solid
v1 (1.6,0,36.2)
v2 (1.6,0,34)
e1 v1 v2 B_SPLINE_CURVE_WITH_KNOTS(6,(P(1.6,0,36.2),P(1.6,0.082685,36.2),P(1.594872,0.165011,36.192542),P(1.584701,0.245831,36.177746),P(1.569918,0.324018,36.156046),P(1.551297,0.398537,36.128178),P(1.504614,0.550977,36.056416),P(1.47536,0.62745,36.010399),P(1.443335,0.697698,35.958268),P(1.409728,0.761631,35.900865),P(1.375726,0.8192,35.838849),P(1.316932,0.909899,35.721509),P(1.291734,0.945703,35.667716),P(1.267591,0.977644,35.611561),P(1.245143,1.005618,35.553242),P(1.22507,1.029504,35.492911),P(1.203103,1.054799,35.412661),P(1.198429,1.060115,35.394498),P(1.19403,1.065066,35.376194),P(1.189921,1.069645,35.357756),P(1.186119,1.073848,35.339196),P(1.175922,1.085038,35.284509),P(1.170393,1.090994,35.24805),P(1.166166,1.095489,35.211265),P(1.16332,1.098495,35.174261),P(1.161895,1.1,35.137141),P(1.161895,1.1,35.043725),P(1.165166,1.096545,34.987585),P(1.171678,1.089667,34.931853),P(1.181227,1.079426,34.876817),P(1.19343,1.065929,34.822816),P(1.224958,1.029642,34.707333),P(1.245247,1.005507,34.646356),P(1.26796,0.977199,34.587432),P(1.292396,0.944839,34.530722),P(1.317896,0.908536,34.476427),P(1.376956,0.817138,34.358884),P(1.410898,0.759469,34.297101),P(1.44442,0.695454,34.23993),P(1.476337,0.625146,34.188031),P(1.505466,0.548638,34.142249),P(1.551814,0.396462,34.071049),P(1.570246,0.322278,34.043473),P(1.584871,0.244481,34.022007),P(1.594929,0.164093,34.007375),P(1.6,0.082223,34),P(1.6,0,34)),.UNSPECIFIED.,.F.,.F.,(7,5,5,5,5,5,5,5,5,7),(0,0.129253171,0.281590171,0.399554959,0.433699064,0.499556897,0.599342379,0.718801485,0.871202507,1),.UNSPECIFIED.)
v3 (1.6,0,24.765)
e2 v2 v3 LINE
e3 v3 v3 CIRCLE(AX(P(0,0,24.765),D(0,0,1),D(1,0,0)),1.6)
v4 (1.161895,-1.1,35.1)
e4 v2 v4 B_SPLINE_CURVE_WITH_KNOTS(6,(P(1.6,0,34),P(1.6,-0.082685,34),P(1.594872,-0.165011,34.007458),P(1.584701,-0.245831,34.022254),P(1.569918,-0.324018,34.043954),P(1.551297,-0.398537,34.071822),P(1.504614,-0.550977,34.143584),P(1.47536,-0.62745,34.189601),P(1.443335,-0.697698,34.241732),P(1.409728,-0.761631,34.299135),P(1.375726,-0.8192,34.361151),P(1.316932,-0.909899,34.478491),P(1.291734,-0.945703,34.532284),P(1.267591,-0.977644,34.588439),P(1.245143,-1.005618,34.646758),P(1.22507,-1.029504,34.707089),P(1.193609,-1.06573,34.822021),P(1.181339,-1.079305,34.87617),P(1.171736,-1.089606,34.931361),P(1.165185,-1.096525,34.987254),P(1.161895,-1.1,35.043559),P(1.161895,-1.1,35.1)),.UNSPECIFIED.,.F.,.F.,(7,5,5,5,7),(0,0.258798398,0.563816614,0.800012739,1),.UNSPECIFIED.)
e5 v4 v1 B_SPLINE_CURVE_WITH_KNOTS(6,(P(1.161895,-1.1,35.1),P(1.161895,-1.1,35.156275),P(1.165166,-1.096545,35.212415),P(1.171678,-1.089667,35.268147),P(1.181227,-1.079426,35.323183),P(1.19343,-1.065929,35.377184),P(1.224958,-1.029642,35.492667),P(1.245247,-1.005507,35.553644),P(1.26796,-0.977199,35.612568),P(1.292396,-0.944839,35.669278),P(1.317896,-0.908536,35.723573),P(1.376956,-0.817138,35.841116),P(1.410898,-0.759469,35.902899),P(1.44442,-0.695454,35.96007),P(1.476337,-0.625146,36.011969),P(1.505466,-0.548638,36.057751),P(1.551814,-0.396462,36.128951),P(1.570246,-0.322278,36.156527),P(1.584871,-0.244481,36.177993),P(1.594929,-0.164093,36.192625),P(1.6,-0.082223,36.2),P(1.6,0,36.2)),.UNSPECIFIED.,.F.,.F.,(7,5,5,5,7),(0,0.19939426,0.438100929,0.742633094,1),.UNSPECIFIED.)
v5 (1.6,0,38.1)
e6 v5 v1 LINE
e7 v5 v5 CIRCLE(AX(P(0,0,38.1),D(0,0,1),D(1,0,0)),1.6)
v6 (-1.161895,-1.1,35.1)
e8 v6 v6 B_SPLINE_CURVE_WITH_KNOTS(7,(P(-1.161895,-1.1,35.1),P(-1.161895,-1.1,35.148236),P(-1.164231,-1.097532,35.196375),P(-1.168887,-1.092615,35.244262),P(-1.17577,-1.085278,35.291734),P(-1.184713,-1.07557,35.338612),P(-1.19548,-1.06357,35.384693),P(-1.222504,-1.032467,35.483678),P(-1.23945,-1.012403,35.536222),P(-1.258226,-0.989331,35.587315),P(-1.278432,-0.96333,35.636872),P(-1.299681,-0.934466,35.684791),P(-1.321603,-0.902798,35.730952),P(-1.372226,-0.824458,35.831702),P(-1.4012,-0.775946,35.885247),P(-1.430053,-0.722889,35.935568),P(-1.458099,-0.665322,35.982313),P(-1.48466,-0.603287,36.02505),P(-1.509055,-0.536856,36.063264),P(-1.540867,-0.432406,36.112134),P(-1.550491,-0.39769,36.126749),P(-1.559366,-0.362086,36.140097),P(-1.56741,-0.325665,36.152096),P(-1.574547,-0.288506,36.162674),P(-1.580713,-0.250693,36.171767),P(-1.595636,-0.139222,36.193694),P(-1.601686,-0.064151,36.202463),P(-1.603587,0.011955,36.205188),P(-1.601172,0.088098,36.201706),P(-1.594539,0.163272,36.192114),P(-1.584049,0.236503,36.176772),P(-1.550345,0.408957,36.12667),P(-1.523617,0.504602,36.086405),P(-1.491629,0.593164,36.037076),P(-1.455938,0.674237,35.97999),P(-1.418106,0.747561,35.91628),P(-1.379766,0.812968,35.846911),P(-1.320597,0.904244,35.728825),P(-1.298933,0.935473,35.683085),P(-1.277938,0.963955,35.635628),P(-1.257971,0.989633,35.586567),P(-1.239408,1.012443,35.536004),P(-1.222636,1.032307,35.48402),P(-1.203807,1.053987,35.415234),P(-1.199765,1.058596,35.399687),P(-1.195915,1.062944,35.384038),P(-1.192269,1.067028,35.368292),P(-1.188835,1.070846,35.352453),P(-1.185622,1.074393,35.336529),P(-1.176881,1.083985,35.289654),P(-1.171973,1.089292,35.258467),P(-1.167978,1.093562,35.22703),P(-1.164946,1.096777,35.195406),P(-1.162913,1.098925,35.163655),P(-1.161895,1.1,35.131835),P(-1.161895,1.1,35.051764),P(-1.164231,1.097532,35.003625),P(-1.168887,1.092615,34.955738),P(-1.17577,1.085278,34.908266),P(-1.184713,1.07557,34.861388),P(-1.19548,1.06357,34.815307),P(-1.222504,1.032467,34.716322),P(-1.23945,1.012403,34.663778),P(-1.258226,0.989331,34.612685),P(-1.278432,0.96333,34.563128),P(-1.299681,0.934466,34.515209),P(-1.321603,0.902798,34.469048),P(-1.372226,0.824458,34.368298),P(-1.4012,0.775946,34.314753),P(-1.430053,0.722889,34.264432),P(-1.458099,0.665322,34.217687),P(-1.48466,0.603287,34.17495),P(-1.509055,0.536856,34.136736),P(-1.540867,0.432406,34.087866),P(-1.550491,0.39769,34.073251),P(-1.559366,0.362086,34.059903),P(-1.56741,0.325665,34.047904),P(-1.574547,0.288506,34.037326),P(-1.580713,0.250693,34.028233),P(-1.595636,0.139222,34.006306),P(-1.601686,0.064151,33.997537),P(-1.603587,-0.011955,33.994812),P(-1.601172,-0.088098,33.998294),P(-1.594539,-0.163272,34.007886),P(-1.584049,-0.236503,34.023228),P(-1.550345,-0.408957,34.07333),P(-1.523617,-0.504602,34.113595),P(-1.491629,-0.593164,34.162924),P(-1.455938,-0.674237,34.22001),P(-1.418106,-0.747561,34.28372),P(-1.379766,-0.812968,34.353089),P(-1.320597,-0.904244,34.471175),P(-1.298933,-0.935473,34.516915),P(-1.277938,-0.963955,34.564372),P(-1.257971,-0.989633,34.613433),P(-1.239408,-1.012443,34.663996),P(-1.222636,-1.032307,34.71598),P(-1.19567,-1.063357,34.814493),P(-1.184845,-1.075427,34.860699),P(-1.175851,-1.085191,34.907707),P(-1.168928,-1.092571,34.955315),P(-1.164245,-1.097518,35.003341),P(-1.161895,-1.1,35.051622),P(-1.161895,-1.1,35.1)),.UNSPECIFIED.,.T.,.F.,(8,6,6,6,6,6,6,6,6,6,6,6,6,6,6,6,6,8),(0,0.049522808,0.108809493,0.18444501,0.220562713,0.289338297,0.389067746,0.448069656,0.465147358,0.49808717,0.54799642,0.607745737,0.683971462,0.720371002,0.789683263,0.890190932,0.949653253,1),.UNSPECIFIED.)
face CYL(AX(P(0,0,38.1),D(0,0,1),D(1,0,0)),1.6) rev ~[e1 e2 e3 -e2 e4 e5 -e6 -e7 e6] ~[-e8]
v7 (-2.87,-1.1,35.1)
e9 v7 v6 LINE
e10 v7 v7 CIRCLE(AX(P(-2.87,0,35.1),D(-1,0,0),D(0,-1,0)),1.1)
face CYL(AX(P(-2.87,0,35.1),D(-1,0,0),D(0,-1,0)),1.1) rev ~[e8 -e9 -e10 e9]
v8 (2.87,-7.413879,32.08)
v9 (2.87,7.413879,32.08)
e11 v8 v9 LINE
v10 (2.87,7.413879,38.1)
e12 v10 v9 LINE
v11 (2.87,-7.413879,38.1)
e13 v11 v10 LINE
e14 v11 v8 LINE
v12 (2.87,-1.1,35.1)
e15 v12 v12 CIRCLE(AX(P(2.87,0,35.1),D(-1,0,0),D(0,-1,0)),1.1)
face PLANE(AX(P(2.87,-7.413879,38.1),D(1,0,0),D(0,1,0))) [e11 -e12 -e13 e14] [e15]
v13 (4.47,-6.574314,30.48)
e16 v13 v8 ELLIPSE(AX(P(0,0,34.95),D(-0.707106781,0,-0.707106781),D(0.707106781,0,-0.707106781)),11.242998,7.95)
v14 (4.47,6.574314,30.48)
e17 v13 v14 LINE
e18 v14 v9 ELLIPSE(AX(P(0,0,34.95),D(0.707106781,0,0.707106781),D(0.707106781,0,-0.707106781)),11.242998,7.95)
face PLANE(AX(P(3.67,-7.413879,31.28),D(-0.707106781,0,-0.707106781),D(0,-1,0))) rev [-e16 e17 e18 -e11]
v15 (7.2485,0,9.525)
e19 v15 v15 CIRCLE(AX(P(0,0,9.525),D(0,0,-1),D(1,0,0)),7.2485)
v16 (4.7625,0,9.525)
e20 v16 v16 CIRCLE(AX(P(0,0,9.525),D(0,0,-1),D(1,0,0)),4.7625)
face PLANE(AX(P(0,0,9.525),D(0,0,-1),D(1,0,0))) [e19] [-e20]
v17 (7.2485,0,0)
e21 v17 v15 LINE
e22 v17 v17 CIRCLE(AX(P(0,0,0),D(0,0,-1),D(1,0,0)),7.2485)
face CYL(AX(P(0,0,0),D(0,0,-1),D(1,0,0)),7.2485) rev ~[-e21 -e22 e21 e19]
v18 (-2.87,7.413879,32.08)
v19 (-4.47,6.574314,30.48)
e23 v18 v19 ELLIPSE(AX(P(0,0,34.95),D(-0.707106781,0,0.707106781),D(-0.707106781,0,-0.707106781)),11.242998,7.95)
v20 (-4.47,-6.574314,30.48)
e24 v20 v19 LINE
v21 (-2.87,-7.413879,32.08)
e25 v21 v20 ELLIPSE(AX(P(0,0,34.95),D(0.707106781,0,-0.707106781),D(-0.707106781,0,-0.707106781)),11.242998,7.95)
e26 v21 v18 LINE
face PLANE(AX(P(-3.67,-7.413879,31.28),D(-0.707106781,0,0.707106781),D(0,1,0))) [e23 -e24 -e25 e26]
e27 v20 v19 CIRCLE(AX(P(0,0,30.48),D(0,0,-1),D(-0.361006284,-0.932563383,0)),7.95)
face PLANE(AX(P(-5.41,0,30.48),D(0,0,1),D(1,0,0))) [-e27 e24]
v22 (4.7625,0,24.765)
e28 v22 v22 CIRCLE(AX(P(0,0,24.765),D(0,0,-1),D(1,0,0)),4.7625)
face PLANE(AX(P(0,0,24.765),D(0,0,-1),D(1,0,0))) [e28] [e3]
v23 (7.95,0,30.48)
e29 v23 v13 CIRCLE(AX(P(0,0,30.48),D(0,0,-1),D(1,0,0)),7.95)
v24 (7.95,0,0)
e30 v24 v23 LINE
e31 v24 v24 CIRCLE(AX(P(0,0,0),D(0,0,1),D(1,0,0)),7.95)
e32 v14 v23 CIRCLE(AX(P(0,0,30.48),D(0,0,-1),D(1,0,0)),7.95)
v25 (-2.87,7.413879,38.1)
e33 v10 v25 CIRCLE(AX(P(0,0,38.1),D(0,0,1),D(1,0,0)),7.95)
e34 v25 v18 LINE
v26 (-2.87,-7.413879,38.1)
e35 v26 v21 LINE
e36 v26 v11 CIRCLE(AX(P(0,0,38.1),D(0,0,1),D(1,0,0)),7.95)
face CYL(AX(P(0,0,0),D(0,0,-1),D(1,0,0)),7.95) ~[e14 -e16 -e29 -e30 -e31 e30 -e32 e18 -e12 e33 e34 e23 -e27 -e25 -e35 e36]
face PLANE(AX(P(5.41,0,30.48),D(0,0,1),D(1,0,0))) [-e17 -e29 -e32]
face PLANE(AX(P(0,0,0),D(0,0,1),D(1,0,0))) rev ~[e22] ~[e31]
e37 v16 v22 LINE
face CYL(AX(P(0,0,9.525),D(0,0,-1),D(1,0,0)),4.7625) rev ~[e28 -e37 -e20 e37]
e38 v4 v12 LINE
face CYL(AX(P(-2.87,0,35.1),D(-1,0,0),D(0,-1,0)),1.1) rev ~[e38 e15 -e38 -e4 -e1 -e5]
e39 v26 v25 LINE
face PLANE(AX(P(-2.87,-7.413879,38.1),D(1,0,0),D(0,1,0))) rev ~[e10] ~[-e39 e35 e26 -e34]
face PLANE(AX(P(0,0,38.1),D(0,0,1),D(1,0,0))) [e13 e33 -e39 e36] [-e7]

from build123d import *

# Parameters (mm, degrees)
F0_R      = 7.95
F1_DEPTH  = 38.1
F2_R      = 7.2485
F3_DEPTH  = 9.525
F4_R      = 4.7625
F5_DEPTH  = 15.24
F6_R      = 1.6
F7_DEPTH  = 25.4
F8_W      = 5.08
F8_H      = 14.827758
F9_DEPTH  = 7.62
F10_R     = 1.1
F11_DEPTH = 25.4
F12_SIZE  = 1.6


with BuildPart() as f1:
    # F0 (on Top) → F1 (new body)
    with BuildSketch(Plane.XY):
        Circle(F0_R)
    extrude(amount=F1_DEPTH)

    # F2 (on face) → F3 (cut)
    with BuildSketch(Plane(origin=(0, 0, 0), x_dir=(1, 0, 0), z_dir=(0, 0, -1))):
        Circle(F2_R)
    extrude(amount=-F3_DEPTH, mode=Mode.SUBTRACT)

    # F4 (on face) → F5 (cut)
    with BuildSketch(Plane(origin=(0, 0, 9.525), x_dir=(1, 0, 0), z_dir=(0, 0, -1))):
        Circle(F4_R)
    extrude(amount=-F5_DEPTH, mode=Mode.SUBTRACT)

    # F6 (on face) → F7 (cut)
    with BuildSketch(Plane.XY.offset(38.1)):
        Circle(F6_R)
    extrude(amount=-F7_DEPTH, mode=Mode.SUBTRACT)

    # F8 (on face) → F9 (cut)
    with BuildSketch(Plane.XY.offset(38.1)):
        with Locations((-5.41, 0)):
            Rectangle(F8_W, F8_H)
        with Locations((5.41, 0)):
            Rectangle(F8_W, F8_H)
    extrude(amount=-F9_DEPTH, mode=Mode.SUBTRACT)

    # F10 (on face) → F11 (cut)
    with BuildSketch(Plane(origin=(-2.87, 0, 0), x_dir=(0, -1, 0), z_dir=(-1, 0, 0))):
        with Locations((0, 35.1)):
            Circle(F10_R)
    extrude(amount=-F11_DEPTH, mode=Mode.SUBTRACT)

    # F12
    f12_edges = [f1.edges().sort_by_distance(p)[0] for p in [
        (-2.87, 0, 30.48),
        (2.87, 0, 30.48),
    ]]
    chamfer(f12_edges, length=F12_SIZE)


solid = f1.part
